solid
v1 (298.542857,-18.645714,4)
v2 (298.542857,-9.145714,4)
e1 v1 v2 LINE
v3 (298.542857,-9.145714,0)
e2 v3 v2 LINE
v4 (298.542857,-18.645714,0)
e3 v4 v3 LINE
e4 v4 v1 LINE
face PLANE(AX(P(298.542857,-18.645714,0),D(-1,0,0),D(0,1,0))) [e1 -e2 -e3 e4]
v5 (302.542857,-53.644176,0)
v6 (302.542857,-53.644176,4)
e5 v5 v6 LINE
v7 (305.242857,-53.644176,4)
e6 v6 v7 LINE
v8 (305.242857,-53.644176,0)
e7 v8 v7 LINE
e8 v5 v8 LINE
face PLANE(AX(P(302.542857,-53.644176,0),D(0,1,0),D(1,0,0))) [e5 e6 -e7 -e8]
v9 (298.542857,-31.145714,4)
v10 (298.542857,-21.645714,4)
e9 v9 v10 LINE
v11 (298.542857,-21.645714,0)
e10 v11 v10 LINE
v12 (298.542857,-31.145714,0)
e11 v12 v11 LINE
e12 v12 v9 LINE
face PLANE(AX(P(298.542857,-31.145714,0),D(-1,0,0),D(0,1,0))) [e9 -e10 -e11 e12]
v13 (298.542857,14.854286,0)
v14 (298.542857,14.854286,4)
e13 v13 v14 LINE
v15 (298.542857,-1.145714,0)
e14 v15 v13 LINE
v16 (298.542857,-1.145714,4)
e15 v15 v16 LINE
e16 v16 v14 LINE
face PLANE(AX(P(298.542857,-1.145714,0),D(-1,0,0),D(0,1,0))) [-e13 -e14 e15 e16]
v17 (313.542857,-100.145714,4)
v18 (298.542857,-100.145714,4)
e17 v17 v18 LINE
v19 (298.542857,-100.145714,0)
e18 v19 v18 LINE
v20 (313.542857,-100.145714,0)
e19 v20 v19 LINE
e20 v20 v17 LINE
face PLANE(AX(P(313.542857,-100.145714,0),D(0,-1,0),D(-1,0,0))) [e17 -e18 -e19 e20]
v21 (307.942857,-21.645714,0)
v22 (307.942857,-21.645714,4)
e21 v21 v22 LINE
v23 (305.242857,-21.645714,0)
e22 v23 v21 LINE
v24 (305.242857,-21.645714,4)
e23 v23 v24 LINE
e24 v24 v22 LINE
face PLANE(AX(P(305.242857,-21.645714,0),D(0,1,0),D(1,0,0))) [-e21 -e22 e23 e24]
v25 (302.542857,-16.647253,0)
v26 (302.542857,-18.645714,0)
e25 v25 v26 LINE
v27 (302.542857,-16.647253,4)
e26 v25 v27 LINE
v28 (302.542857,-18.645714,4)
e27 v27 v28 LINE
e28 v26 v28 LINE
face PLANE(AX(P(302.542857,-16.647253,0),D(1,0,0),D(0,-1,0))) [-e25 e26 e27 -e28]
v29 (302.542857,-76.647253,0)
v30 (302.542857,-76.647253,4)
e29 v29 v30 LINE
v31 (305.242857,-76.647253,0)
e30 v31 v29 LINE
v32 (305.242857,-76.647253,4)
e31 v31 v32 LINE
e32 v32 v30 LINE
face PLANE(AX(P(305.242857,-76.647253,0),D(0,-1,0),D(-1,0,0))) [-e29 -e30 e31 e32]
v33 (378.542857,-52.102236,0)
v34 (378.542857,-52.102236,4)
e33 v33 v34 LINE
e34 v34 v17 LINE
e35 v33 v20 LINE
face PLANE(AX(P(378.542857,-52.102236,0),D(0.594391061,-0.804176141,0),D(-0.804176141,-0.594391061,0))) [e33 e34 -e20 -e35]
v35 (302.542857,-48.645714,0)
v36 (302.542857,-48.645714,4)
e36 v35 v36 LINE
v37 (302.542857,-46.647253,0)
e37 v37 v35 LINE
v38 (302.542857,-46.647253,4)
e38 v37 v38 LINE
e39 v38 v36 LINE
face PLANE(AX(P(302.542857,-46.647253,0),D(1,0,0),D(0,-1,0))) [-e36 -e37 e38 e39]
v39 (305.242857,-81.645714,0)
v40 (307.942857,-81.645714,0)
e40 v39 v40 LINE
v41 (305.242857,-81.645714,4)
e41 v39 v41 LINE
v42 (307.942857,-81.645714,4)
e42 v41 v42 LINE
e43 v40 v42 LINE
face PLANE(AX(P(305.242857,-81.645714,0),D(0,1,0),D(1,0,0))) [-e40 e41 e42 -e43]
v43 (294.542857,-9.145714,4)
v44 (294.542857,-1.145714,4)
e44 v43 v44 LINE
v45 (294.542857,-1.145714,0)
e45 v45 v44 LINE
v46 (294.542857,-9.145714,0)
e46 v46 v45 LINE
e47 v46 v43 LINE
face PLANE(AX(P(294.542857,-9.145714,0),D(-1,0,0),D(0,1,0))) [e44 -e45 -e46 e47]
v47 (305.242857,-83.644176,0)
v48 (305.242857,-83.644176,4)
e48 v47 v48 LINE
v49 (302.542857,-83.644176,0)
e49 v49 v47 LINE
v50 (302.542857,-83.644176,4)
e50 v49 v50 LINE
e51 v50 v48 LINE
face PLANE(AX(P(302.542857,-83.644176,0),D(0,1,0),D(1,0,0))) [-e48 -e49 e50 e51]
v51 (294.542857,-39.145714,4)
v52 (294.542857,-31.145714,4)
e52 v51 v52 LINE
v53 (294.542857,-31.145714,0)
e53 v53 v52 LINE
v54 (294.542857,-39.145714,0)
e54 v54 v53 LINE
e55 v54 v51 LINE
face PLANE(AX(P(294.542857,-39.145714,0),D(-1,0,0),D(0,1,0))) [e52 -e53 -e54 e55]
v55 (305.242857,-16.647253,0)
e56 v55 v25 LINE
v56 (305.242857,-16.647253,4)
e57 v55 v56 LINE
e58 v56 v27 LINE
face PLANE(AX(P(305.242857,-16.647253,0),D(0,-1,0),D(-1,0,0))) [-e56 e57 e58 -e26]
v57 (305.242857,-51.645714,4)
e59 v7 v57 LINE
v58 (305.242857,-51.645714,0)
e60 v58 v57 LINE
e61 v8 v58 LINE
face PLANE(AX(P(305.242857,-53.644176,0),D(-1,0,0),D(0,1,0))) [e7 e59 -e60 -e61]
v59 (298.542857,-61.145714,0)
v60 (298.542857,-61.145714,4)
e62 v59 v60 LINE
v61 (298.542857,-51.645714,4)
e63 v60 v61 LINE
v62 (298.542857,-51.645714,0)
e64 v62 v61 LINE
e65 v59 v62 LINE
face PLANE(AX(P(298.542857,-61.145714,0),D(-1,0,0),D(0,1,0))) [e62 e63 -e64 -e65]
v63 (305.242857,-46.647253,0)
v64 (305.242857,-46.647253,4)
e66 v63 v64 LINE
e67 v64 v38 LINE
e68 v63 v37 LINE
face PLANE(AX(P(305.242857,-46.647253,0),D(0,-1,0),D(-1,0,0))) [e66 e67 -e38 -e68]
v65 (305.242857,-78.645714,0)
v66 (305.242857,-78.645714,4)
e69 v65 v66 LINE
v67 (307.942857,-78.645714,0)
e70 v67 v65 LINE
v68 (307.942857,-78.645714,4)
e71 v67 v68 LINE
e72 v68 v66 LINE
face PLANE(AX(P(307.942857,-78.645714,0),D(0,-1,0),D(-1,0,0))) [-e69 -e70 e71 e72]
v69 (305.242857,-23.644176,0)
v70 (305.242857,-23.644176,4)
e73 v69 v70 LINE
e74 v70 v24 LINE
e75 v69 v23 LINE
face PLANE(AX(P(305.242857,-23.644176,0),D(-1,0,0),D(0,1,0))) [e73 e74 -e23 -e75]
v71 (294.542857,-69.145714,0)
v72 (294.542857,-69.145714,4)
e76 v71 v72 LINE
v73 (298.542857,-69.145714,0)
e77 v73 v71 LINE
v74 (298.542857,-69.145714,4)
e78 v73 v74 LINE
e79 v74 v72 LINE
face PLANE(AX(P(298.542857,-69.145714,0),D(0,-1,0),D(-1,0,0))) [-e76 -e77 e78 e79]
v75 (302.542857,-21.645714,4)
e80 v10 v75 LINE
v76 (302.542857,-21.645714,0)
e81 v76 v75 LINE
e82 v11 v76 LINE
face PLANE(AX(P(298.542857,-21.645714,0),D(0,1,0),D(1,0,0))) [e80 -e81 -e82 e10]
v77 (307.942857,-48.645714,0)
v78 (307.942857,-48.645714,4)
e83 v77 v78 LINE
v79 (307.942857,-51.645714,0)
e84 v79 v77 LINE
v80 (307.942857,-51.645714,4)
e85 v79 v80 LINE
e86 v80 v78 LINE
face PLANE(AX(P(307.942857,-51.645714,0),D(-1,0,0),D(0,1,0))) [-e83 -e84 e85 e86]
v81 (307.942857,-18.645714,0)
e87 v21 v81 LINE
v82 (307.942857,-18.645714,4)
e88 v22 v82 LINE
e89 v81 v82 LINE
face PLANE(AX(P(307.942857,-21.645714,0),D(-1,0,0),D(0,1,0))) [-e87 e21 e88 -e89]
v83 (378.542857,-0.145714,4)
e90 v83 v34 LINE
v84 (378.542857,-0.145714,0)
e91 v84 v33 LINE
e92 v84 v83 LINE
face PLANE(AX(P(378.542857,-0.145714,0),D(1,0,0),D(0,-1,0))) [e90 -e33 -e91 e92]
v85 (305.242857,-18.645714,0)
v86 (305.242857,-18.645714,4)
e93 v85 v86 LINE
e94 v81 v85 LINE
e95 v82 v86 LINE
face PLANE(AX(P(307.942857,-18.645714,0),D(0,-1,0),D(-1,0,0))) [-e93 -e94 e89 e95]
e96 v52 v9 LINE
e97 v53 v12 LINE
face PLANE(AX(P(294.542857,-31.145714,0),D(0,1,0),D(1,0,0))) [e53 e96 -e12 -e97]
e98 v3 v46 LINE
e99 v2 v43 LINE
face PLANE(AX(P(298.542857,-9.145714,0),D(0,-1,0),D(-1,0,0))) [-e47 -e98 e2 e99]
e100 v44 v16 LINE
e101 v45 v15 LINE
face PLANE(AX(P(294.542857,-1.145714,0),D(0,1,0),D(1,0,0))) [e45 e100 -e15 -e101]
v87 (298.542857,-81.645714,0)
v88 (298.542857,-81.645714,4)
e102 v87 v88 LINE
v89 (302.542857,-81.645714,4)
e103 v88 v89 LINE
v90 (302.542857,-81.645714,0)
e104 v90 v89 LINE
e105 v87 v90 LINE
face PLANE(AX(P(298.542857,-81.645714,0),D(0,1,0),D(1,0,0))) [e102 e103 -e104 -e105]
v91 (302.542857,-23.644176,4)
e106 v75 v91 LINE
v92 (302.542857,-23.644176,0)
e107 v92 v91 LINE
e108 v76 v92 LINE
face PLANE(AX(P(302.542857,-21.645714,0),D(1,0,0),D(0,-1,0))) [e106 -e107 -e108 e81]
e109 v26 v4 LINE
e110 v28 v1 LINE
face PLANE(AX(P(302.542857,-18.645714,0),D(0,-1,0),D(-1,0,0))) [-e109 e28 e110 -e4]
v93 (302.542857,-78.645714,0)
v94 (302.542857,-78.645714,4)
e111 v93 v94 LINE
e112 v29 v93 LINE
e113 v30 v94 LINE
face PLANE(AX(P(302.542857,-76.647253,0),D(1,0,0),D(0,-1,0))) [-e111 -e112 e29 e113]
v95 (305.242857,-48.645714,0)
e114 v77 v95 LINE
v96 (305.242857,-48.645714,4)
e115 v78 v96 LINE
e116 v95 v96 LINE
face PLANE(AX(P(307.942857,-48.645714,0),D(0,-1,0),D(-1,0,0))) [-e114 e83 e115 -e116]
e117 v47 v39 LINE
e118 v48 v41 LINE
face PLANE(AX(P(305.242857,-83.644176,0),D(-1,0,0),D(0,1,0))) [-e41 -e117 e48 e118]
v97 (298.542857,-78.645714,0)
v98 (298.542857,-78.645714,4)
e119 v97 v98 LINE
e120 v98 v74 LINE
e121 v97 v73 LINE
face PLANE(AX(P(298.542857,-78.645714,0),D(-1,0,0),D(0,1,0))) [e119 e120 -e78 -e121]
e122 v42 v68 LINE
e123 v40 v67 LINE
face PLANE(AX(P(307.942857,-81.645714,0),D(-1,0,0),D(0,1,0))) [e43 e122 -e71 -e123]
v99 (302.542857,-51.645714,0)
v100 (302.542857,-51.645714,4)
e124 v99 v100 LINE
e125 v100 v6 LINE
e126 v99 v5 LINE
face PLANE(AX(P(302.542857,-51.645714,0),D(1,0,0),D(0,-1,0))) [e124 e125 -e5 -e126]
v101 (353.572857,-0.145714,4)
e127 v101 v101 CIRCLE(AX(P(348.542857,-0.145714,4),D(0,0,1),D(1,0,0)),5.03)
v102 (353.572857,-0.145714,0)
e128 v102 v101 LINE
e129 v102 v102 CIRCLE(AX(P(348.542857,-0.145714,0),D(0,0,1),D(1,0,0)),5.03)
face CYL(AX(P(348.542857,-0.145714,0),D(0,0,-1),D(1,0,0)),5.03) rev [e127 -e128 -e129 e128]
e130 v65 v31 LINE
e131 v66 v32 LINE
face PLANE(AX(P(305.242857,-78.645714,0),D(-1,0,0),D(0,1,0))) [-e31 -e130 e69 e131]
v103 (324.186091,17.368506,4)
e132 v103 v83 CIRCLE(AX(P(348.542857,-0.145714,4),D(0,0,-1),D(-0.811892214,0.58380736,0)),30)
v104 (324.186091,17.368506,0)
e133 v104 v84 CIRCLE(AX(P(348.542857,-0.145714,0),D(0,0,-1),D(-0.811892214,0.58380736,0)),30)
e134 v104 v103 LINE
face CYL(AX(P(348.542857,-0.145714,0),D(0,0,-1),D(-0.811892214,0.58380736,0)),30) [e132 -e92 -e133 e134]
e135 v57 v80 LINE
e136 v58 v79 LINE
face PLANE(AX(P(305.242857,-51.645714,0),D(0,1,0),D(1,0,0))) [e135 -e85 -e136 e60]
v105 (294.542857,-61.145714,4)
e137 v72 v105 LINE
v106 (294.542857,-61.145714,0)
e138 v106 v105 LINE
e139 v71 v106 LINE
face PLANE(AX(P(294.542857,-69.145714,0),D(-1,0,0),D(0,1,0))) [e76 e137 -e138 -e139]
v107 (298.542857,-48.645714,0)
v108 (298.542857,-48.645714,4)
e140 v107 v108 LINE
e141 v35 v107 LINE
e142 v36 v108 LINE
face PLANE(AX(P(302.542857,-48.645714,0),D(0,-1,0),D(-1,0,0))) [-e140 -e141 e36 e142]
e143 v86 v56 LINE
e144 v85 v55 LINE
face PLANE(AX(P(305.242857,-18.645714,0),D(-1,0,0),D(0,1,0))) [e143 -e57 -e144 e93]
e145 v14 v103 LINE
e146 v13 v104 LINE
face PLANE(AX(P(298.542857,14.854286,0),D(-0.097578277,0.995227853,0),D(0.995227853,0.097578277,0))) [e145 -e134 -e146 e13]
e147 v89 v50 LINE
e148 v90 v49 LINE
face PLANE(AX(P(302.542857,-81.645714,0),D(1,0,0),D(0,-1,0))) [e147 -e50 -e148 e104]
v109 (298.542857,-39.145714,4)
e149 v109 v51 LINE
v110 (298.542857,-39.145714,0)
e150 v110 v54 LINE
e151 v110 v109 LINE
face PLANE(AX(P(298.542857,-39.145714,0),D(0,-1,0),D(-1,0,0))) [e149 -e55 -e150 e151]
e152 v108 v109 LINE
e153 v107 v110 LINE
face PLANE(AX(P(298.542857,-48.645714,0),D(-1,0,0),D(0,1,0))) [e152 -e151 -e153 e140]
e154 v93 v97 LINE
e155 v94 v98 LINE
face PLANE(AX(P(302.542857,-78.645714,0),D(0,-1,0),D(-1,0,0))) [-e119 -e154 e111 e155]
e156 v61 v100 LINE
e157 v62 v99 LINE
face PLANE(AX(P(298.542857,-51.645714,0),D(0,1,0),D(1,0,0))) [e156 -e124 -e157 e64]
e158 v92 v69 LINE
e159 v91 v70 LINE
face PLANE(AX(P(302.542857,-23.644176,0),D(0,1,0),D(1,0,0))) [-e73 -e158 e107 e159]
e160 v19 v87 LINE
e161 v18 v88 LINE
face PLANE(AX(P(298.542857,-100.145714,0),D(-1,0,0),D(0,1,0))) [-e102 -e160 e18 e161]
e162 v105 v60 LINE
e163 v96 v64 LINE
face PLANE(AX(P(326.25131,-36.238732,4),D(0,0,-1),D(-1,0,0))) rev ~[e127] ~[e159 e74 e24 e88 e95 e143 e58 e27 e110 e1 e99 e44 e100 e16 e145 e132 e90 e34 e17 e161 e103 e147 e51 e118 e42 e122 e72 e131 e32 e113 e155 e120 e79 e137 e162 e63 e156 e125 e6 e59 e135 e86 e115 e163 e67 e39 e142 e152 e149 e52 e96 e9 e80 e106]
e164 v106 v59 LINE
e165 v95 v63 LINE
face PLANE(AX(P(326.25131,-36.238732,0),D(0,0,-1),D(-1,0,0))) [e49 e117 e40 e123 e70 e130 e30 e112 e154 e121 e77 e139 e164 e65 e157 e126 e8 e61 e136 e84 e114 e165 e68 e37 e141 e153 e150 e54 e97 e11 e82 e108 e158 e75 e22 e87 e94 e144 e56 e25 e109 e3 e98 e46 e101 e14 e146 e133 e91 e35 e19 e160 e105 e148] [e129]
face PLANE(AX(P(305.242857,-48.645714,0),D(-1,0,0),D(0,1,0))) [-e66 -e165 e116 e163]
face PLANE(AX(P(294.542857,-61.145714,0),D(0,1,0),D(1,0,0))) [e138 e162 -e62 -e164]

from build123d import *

# Parameters (mm, degrees)
SKETCH_1_R      = 5.03
EXTRUDE_1_DEPTH = 4


with BuildPart() as part:
    # 草图1 → 凸台-拉伸1 (new body)
    with BuildSketch(Plane.XY):
        with BuildLine():
            Line((298.542857143, -51.645714286), (302.542857143, -51.645714286))
            Line((302.542857143, -51.645714286), (302.542857143, -53.644175919))
            Line((302.542857143, -53.644175919), (305.242857143, -53.644175919))
            Line((305.242857143, -53.644175919), (305.242857143, -51.645714286))
            Line((305.242857143, -51.645714286), (307.942857143, -51.645714286))
            Line((307.942857143, -51.645714286), (307.942857143, -48.645714286))
            Line((307.942857143, -48.645714286), (305.242857143, -48.645714286))
            Line((305.242857143, -48.645714286), (305.242857143, -46.647252653))
            Line((305.242857143, -46.647252653), (302.542857143, -46.647252653))
            Line((302.542857143, -46.647252653), (302.542857143, -48.645714286))
            Line((302.542857143, -48.645714286), (298.542857143, -48.645714286))
            Line((298.542857143, -48.645714286), (298.542857143, -39.145714286))
            Line((298.542857143, -39.145714286), (294.542857143, -39.145714286))
            Line((294.542857143, -39.145714286), (294.542857143, -31.145714286))
            Line((294.542857143, -31.145714286), (298.542857143, -31.145714286))
            Line((298.542857143, -31.145714286), (298.542857143, -21.645714286))
            Line((298.542857143, -21.645714286), (302.542857143, -21.645714286))
            Line((302.542857143, -21.645714286), (302.542857143, -23.644175919))
            Line((302.542857143, -23.644175919), (305.242857143, -23.644175919))
            Line((305.242857143, -23.644175919), (305.242857143, -21.645714286))
            Line((305.242857143, -21.645714286), (307.942857143, -21.645714286))
            Line((307.942857143, -21.645714286), (307.942857143, -18.645714286))
            Line((307.942857143, -18.645714286), (305.242857143, -18.645714286))
            Line((305.242857143, -18.645714286), (305.242857143, -16.647252653))
            Line((305.242857143, -16.647252653), (302.542857143, -16.647252653))
            Line((302.542857143, -16.647252653), (302.542857143, -18.645714286))
            Line((302.542857143, -18.645714286), (298.542857143, -18.645714286))
            Line((298.542857143, -18.645714286), (298.542857143, -9.145714286))
            Line((298.542857143, -9.145714286), (294.542857143, -9.145714286))
            Line((294.542857143, -9.145714286), (294.542857143, -1.145714286))
            Line((294.542857143, -1.145714286), (298.542857143, -1.145714286))
            Line((298.542857143, -1.145714286), (298.542857143, -0.145714286))
            Line((298.542857143, -0.145714286), (298.542857143, 14.854285714))
            Line((298.542857143, 14.854285714), (324.186090726, 17.3685065))
            ThreePointArc((324.186090726, 17.3685065), (357.743319291, 28.408646086), (378.542857143, -0.145714286))
            Line((378.542857143, -0.145714286), (378.542857143, -52.102236025))
            Line((378.542857143, -52.102236025), (313.542857143, -100.145714286))
            Line((313.542857143, -100.145714286), (298.542857143, -100.145714286))
            Line((298.542857143, -100.145714286), (298.542857143, -81.645714286))
            Line((298.542857143, -81.645714286), (302.542857143, -81.645714286))
            Line((302.542857143, -81.645714286), (302.542857143, -83.644175919))
            Line((302.542857143, -83.644175919), (305.242857143, -83.644175919))
            Line((305.242857143, -83.644175919), (305.242857143, -81.645714286))
            Line((305.242857143, -81.645714286), (307.942857143, -81.645714286))
            Line((307.942857143, -81.645714286), (307.942857143, -78.645714286))
            Line((307.942857143, -78.645714286), (305.242857143, -78.645714286))
            Line((305.242857143, -78.645714286), (305.242857143, -76.647252653))
            Line((305.242857143, -76.647252653), (302.542857143, -76.647252653))
            Line((302.542857143, -76.647252653), (302.542857143, -78.645714286))
            Line((302.542857143, -78.645714286), (298.542857143, -78.645714286))
            Line((298.542857143, -78.645714286), (298.542857143, -69.145714286))
            Line((298.542857143, -69.145714286), (294.542857143, -69.145714286))
            Line((294.542857143, -69.145714286), (294.542857143, -61.145714286))
            Line((294.542857143, -61.145714286), (298.542857143, -61.145714286))
            Line((298.542857143, -61.145714286), (298.542857143, -51.645714286))
        make_face()
        with Locations((348.542857143, -0.145714286)):
            Circle(SKETCH_1_R, mode=Mode.SUBTRACT)
    extrude(amount=EXTRUDE_1_DEPTH)


solid = part.part
